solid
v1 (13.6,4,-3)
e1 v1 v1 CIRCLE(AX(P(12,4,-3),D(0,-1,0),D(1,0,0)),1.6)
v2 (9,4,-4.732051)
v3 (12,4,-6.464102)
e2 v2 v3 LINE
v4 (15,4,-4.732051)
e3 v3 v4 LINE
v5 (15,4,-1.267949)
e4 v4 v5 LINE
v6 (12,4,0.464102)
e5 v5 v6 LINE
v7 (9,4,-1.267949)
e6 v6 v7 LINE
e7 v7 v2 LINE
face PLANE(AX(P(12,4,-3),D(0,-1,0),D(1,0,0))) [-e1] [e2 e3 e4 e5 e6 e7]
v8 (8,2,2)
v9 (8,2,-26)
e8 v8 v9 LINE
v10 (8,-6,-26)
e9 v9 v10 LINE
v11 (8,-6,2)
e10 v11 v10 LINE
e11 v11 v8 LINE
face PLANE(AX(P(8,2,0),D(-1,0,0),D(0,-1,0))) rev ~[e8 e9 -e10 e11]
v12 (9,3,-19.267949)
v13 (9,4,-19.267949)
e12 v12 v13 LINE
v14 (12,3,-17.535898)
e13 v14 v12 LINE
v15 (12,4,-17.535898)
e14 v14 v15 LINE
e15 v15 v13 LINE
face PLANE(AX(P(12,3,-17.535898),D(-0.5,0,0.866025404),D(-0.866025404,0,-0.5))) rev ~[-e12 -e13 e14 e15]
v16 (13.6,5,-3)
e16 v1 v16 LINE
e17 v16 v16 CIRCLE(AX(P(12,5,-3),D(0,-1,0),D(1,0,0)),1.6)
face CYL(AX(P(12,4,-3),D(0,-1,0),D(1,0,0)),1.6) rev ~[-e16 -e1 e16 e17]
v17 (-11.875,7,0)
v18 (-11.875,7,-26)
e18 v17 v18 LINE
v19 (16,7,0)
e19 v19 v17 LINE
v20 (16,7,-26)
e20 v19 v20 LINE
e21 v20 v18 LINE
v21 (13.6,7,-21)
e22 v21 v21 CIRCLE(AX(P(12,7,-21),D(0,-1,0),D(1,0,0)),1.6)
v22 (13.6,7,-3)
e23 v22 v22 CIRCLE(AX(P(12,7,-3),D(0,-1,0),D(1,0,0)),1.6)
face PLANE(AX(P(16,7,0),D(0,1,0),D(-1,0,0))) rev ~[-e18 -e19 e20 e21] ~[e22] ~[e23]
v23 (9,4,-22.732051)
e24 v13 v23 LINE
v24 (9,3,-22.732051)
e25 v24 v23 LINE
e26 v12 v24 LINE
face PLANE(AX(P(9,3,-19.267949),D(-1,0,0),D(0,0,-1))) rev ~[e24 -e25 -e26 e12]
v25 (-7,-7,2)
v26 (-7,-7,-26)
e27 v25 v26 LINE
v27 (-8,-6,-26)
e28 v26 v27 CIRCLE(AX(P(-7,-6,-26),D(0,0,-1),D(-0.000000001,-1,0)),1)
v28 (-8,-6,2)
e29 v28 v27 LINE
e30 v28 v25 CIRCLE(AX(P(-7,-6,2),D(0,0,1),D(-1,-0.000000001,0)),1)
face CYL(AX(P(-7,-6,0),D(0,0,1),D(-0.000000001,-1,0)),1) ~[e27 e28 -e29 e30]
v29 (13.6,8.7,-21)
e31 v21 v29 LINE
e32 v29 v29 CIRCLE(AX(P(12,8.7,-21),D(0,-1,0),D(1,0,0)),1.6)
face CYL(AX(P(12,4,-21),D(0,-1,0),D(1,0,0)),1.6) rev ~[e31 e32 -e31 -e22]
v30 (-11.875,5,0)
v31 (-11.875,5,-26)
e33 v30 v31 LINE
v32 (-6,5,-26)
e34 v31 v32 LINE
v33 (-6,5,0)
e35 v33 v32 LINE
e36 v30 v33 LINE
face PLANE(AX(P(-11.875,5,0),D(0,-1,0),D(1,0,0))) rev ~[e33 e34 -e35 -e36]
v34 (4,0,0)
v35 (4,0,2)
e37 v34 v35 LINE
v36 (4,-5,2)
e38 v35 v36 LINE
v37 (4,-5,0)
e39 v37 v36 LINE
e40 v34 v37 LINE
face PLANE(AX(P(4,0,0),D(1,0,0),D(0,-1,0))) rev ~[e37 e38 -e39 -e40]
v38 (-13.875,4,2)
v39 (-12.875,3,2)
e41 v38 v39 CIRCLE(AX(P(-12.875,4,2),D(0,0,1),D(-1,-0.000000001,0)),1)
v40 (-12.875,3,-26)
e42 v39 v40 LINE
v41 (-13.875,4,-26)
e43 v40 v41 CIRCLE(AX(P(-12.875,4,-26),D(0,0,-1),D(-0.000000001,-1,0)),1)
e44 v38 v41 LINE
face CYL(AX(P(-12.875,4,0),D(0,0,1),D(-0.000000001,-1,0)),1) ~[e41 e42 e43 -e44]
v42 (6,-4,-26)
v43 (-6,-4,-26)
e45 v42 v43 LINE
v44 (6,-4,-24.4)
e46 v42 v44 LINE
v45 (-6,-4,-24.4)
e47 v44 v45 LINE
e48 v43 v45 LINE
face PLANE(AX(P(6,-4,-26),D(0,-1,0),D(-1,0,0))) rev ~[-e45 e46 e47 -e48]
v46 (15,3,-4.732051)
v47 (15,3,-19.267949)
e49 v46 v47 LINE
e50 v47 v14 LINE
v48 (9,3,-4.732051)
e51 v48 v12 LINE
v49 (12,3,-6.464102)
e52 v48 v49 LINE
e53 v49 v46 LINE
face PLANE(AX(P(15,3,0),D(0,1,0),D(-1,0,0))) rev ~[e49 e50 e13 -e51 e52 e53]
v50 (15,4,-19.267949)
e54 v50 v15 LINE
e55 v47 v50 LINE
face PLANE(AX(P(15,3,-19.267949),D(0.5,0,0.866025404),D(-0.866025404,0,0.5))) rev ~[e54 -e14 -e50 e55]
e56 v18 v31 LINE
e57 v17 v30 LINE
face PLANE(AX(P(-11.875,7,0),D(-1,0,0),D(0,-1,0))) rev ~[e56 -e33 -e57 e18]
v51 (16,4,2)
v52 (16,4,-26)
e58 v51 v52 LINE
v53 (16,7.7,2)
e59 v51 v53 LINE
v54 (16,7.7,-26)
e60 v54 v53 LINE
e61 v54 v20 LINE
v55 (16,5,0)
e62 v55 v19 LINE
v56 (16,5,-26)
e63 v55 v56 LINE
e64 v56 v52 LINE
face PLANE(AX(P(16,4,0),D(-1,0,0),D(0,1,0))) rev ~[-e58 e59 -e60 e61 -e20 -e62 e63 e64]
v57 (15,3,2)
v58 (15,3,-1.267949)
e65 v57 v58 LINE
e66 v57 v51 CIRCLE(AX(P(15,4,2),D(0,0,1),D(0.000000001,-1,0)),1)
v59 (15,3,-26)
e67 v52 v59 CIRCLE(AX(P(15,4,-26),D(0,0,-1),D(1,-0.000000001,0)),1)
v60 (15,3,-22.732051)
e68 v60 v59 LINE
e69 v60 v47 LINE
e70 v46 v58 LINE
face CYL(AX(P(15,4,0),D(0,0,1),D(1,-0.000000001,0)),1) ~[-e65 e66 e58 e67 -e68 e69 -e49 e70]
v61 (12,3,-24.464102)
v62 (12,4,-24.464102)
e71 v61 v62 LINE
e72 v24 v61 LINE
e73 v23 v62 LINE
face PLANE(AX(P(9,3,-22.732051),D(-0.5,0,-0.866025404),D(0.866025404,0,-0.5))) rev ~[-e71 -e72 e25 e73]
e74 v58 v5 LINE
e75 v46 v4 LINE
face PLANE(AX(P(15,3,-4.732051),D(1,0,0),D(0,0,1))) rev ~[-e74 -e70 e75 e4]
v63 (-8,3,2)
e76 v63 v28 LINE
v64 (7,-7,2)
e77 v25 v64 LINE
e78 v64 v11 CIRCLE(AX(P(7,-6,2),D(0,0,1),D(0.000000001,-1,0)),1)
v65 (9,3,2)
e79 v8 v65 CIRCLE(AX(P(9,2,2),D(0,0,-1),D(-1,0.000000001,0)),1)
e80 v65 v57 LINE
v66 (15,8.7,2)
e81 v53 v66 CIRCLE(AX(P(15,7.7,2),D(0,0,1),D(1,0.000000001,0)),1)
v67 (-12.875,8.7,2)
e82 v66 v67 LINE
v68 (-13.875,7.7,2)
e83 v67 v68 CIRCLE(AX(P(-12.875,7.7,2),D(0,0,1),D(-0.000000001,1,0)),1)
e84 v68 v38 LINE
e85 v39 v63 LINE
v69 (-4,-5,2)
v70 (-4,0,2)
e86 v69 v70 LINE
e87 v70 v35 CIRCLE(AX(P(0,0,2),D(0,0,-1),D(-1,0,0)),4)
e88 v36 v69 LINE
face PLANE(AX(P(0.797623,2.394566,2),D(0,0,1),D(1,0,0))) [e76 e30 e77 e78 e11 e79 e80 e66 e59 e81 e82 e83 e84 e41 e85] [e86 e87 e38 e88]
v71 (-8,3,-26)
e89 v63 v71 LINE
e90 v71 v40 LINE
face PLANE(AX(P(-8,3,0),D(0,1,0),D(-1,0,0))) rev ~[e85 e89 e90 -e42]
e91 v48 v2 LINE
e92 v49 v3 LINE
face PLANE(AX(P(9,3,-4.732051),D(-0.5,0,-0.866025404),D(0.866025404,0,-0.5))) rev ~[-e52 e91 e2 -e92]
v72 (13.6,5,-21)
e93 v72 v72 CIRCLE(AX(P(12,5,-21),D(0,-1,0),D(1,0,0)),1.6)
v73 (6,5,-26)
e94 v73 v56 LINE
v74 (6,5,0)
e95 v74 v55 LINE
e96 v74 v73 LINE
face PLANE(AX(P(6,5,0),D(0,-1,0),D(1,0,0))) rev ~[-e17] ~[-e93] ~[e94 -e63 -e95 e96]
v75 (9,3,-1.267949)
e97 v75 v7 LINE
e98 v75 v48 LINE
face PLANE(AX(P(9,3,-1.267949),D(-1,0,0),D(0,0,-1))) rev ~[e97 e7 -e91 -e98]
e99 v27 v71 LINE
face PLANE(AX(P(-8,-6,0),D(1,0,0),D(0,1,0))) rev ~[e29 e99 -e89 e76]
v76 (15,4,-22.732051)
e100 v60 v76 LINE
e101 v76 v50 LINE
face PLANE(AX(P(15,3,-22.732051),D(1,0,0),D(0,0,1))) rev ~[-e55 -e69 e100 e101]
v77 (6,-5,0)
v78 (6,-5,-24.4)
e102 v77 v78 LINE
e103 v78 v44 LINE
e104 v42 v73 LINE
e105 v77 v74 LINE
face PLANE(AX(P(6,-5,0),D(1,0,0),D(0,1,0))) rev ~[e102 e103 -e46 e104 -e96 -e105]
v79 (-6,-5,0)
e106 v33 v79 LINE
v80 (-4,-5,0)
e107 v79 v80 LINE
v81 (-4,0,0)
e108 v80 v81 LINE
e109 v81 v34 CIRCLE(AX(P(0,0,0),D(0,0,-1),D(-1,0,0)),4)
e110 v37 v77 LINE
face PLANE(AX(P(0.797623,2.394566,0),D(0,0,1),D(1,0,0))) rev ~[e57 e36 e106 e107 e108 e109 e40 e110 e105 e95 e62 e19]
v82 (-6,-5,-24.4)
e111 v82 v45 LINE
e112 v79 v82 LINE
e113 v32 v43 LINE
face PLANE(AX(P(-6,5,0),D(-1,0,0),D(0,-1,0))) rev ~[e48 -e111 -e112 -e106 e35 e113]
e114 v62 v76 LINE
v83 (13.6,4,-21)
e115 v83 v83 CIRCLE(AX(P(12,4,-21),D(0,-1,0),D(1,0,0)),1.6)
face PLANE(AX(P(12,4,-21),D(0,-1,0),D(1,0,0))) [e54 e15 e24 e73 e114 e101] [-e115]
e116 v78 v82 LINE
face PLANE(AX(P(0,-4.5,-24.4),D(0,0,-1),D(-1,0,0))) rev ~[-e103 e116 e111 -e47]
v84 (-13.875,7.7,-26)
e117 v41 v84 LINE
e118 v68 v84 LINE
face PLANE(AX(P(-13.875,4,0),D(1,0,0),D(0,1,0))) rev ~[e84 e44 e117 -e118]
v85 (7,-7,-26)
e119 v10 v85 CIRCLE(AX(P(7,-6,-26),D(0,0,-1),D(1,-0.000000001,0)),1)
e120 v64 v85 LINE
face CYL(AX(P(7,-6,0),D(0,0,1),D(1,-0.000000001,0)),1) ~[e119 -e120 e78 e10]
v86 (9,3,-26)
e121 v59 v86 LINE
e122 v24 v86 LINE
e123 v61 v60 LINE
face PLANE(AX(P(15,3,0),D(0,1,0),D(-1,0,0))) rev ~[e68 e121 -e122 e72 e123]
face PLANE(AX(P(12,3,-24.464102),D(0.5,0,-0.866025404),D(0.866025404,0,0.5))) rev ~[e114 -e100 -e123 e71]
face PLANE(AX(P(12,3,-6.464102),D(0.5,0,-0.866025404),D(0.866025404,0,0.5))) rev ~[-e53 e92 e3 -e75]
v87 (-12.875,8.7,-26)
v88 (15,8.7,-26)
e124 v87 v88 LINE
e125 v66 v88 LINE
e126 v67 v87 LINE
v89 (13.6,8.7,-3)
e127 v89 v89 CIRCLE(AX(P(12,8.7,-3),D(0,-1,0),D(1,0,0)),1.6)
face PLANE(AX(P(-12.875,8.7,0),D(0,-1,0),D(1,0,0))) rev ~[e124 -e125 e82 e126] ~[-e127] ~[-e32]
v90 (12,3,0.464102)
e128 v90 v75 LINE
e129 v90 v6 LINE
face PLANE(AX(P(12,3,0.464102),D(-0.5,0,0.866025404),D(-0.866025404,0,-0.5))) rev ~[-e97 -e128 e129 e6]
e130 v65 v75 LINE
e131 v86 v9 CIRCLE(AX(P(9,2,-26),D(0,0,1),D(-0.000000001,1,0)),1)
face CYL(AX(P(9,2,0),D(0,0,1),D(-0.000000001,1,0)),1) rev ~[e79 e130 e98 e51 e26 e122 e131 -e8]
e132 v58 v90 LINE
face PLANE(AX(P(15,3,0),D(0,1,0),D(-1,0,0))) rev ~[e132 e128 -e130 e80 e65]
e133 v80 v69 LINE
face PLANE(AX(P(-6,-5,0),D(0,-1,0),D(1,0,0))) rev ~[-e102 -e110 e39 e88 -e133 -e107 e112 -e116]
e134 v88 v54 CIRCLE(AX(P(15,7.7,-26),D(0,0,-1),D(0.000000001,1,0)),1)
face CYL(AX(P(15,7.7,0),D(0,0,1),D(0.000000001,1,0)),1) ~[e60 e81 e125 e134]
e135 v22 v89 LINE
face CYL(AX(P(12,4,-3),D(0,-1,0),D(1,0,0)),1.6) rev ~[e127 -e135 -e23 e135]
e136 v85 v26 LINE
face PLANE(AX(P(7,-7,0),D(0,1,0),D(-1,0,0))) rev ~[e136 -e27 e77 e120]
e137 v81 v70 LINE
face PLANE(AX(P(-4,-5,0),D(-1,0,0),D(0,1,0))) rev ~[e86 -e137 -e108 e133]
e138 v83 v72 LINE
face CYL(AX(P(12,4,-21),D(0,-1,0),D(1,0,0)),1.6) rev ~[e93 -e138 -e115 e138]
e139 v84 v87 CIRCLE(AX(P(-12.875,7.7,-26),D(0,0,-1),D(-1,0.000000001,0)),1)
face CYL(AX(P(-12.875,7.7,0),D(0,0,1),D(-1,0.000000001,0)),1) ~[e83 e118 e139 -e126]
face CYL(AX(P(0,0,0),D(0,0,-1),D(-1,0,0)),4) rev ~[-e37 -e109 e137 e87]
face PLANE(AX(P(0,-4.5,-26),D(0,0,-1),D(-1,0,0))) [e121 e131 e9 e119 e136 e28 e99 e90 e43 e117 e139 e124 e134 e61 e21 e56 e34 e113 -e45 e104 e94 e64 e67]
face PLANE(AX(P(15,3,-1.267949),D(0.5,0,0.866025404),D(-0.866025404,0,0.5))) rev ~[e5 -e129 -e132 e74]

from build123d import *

# Parameters (mm, degrees)
EXTRUDE_1_DEPTH          = 2
EXTRUDE_2_DEPTH          = 26
SKETCH_6_W               = 12
SKETCH_6_H               = 1
EXTRUDE_3_DEPTH          = 1.6
CUT_EXTRUDE_1_DEPTH      = 11
CUT_EXTRUDE_1_DEPTH_BACK = 1
SKETCH_5_R               = 1.6
CUT_EXTRUDE_2_DEPTH      = 5.7


with BuildPart() as part:
    # 草图1 → 凸台-拉伸1 (new body)
    with BuildSketch(Plane.XY):
        with BuildLine():
            ThreePointArc((8, 2), (8.292893219, 2.707106781), (9, 3))
            Line((9, 3), (15, 3))
            ThreePointArc((15, 3), (15.707106781, 3.292893219), (16, 4))
            Line((16, 4), (16, 7.7))
            ThreePointArc((16, 7.7), (15.707106781, 8.407106781), (15, 8.7))
            Line((15, 8.7), (-12.875, 8.7))
            ThreePointArc((-12.875, 8.7), (-13.582106781, 8.407106781), (-13.875, 7.7))
            Line((-13.875, 7.7), (-13.875, 4))
            ThreePointArc((-13.875, 4), (-13.582106781, 3.292893219), (-12.875, 3))
            Line((-12.875, 3), (-8, 3))
            Line((-8, 3), (-8, -6))
            ThreePointArc((-8, -6), (-7.707106781, -6.707106781), (-7, -7))
            Line((-7, -7), (7, -7))
            ThreePointArc((7, -7), (7.707106781, -6.707106781), (8, -6))
            Line((8, -6), (8, 2))
        make_face()
        with BuildLine():
            Line((4, -5), (-4, -5))
            Line((-4, -5), (-4, 0))
            ThreePointArc((-4, 0), (0, 4), (4, 0))
            Line((4, 0), (4, -5))
        make_face(mode=Mode.SUBTRACT)
    extrude(amount=EXTRUDE_1_DEPTH)

    # 草图2 → 凸台-拉伸2 (add)
    with BuildSketch(Plane(origin=(0, 0, 0), x_dir=(-1, 0, 0), z_dir=(0, 0, -1))):
        with BuildLine():
            Line((6, -4), (6, -5))
            Line((6, -5), (5, -5))
            Line((5, -5), (-5, -5))
            Line((-5, -5), (-6, -5))
            Line((-6, -5), (-6, -4))
            Line((-6, -4), (-6, 4))
            Line((-6, 4), (-6, 5))
            Line((-6, 5), (-16, 5))
            Line((-16, 5), (-16, 4))
            ThreePointArc((-16, 4), (-15.707106781, 3.292893219), (-15, 3))
            Line((-15, 3), (-9, 3))
            ThreePointArc((-9, 3), (-8.292893219, 2.707106781), (-8, 2))
            Line((-8, 2), (-8, -6))
            ThreePointArc((-8, -6), (-7.707106781, -6.707106781), (-7, -7))
            Line((-7, -7), (7, -7))
            ThreePointArc((7, -7), (7.707106781, -6.707106781), (8, -6))
            Line((8, -6), (8, 3))
            Line((8, 3), (12.875, 3))
            ThreePointArc((12.875, 3), (13.582106781, 3.292893219), (13.875, 4))
            Line((13.875, 4), (13.875, 7.7))
            ThreePointArc((13.875, 7.7), (13.582106781, 8.407106781), (12.875, 8.7))
            Line((12.875, 8.7), (-15, 8.7))
            ThreePointArc((-15, 8.7), (-15.707106781, 8.407106781), (-16, 7.7))
            Line((-16, 7.7), (-16, 7))
            Line((-16, 7), (11.875, 7))
            Line((11.875, 7), (11.875, 5))
            Line((11.875, 5), (6, 5))
            Line((6, 5), (6, 4))
            Line((6, 4), (6, -4))
        make_face()
    extrude(amount=EXTRUDE_2_DEPTH)

    # 草图6 → 凸台-拉伸3 (add)
    with BuildSketch(Plane(origin=(0, 0, -26), x_dir=(-1, 0, 0), z_dir=(0, 0, -1))):
        with Locations((0, -4.5)):
            Rectangle(SKETCH_6_W, SKETCH_6_H)
    extrude(amount=-EXTRUDE_3_DEPTH)

    # 草图4 → 切除-拉伸1 (cut, two sides)
    with BuildSketch(Plane.XZ.offset(-3)) as cut_extrude_1_sk:
        Polygon((15, -19.267949192), (12, -17.535898385), (9, -19.267949192), (9, -22.732050808), (12, -24.464101615), (15, -22.732050808), align=None)
        Polygon((9, -1.267949192), (9, -4.732050808), (12, -6.464101615), (15, -4.732050808), (15, -1.267949192), (12, 0.464101615), align=None)
    extrude(amount=CUT_EXTRUDE_1_DEPTH, mode=Mode.SUBTRACT)
    extrude(cut_extrude_1_sk.sketch, amount=-CUT_EXTRUDE_1_DEPTH_BACK, mode=Mode.SUBTRACT)

    # 草图5 → 切除-拉伸2 (cut, through all)
    with BuildSketch(Plane.XZ.offset(-4)):
        with Locations((12, -21)):
            Circle(SKETCH_5_R)
        with Locations((12, -3)):
            Circle(SKETCH_5_R)
    extrude(amount=-CUT_EXTRUDE_2_DEPTH, mode=Mode.SUBTRACT)


solid = part.part
